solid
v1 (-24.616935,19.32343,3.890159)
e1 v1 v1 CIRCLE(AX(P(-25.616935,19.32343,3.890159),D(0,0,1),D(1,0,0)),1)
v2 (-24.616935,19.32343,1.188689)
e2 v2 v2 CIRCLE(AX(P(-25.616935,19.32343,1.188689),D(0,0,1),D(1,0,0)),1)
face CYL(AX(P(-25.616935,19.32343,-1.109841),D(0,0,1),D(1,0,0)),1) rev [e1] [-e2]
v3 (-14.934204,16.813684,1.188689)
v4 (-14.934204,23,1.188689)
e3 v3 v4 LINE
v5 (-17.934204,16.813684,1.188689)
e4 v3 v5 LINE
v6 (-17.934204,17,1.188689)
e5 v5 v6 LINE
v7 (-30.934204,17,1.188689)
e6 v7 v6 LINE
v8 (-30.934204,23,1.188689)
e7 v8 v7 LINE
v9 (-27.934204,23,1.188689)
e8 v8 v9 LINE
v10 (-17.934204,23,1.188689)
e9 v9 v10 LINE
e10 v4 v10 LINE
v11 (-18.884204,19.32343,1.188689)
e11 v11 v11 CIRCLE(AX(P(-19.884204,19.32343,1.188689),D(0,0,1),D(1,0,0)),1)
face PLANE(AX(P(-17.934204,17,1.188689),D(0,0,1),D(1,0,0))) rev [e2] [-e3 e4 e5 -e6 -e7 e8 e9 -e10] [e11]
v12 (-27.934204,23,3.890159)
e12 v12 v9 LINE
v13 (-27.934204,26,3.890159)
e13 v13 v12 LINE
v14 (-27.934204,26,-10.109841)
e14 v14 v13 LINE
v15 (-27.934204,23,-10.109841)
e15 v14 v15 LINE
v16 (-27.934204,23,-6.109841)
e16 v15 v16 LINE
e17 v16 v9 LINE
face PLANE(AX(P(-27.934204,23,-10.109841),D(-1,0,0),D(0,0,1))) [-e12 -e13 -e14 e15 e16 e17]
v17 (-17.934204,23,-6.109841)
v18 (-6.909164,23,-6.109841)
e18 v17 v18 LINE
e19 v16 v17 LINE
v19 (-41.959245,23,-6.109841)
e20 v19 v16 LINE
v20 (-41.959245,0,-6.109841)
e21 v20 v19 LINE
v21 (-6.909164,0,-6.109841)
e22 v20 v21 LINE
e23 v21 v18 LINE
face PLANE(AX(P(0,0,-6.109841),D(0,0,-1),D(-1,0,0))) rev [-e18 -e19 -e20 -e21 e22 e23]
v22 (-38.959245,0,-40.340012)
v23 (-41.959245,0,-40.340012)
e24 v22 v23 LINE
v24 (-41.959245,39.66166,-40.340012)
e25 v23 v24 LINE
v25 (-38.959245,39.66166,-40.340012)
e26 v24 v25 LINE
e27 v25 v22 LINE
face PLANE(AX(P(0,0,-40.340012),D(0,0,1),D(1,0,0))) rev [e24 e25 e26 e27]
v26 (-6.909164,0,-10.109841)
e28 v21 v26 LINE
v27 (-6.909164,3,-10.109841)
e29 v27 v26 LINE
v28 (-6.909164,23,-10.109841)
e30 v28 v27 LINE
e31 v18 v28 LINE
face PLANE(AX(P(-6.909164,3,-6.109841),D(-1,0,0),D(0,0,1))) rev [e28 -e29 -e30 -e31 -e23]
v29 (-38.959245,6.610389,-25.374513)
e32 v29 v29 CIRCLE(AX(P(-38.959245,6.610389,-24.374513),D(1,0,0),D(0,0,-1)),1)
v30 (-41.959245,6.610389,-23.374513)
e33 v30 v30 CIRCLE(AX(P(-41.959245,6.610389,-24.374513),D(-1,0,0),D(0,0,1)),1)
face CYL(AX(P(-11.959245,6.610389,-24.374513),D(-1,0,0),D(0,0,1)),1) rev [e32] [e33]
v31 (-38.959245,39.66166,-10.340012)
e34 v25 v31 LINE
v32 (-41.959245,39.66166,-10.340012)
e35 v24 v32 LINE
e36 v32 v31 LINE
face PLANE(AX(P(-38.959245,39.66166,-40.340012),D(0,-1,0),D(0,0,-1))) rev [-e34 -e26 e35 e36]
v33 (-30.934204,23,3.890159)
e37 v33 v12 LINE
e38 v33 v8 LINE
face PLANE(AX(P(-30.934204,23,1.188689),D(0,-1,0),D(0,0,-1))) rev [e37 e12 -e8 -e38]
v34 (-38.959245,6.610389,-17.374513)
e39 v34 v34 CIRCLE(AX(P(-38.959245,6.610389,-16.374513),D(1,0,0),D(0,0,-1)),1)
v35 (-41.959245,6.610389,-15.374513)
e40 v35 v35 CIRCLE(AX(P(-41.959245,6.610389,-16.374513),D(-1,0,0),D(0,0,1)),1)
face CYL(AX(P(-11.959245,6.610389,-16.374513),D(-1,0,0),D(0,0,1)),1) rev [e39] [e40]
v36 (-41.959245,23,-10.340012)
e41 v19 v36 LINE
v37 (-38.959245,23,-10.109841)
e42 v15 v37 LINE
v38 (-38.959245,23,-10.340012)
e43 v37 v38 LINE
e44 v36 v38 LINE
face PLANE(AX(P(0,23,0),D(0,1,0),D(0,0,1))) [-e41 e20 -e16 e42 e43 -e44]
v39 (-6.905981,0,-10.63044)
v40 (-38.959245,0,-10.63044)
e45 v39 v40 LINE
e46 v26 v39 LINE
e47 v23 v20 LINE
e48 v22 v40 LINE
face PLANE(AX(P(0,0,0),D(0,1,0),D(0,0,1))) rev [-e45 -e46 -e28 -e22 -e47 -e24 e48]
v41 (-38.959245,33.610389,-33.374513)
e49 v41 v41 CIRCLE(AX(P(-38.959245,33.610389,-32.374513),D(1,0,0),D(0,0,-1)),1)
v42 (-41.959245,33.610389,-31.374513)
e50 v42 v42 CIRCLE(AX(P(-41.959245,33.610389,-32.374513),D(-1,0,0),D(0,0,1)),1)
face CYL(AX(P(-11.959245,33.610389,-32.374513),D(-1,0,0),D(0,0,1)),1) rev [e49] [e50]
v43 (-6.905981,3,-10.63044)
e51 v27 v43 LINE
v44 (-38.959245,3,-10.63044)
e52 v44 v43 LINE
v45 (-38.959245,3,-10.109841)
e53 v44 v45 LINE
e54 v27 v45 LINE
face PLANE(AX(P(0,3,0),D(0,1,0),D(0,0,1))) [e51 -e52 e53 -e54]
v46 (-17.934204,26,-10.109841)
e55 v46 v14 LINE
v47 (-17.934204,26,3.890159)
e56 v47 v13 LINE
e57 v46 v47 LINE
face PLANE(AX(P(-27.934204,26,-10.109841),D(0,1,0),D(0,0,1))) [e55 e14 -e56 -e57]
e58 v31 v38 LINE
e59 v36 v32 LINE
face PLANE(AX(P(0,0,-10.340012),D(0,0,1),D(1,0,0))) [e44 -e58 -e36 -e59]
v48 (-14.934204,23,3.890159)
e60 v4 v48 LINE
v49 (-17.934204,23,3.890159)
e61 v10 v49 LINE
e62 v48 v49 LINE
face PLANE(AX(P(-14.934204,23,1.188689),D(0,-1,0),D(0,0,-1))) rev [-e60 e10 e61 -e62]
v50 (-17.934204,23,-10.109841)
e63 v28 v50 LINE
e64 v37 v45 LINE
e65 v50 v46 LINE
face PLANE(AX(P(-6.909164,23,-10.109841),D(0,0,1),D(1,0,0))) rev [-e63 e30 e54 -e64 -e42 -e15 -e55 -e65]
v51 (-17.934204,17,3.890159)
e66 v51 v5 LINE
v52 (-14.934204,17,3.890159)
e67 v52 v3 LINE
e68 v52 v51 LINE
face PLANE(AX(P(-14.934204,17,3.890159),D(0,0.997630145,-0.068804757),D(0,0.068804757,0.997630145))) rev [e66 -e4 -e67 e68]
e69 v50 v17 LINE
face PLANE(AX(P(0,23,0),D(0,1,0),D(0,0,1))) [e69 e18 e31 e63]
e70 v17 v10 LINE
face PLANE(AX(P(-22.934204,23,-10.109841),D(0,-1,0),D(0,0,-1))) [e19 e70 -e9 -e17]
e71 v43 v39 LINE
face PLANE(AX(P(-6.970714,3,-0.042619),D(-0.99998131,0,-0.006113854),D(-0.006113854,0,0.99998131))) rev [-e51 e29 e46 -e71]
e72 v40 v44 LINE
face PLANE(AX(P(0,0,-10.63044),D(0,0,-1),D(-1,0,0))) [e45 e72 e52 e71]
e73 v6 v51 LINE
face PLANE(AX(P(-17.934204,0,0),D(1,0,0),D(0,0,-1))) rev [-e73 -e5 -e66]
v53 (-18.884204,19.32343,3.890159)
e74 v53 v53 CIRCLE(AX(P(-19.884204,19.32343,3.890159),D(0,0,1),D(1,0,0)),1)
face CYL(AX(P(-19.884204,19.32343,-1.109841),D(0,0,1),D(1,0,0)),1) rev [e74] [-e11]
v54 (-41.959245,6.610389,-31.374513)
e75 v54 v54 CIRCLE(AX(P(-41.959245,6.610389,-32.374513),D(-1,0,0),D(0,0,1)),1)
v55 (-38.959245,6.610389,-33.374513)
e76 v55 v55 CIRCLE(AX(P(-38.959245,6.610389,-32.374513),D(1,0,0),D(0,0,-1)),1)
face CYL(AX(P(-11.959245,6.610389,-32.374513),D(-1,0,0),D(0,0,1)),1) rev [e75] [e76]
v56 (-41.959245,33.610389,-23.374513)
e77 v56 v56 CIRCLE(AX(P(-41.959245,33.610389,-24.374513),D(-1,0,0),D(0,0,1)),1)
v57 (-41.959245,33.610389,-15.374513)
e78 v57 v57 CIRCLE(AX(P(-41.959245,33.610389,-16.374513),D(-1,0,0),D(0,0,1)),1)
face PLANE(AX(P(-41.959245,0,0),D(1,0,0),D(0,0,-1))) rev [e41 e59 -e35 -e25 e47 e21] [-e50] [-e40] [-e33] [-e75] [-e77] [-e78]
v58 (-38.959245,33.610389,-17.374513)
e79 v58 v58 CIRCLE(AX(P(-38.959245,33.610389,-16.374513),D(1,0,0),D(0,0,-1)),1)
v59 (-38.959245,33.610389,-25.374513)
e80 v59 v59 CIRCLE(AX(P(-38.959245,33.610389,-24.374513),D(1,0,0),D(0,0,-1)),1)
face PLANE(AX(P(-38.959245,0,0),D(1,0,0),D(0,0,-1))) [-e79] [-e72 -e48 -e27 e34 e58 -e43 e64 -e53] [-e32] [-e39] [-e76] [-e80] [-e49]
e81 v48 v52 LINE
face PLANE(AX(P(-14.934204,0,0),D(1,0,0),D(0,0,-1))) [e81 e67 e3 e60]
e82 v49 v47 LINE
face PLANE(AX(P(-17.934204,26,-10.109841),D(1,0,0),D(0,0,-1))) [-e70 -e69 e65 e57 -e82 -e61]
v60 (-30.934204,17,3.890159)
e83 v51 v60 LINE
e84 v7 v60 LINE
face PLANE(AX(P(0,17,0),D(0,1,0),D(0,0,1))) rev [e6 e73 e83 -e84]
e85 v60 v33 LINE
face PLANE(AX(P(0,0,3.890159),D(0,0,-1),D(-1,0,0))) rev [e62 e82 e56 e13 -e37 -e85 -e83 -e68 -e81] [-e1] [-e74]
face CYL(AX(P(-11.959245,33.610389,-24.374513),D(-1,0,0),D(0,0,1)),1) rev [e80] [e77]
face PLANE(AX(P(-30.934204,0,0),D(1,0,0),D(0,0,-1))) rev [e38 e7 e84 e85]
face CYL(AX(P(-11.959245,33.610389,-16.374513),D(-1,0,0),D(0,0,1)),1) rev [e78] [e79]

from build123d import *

# Parameters (mm, degrees)
ESQUISSE1_R             = 1
BOSS_EXTRU_1_DEPTH      = 3
ESQUISSE2_W             = 32.050081832
ESQUISSE2_H             = 3
BOSS_EXTRU_2_DEPTH      = 4
ESQUISSE3_W             = 32.050081832
ESQUISSE3_H             = 4
BOSS_EXTRU_3_DEPTH      = 20
BOSS_EXTRU_4_DEPTH      = 10
BOSS_EXTRU_4_DEPTH_BACK = 4
ESQUISSE5_W             = 10
ESQUISSE5_H             = 2.701469748
BOSS_EXTRU_5_DEPTH      = 6
BOSS_EXTRU_6_DEPTH      = 3
ESQUISSE7_W             = 2.701469748
ESQUISSE7_H             = 6
BOSS_EXTRU_7_DEPTH      = 3
ESQUISSE8_R             = 1
ENL_V_MAT_EXTRU_1_DEPTH = 5
ESQUISSE9_W             = 32.395093649
ESQUISSE9_H             = 3
ENL_V_MAT_EXTRU_2_DEPTH = 24
ESQUISSE10_W            = 4.230170434
ESQUISSE10_H            = 23
BOSS_EXTRU_8_DEPTH      = 3
ESQUISSE11_W            = 3
ESQUISSE11_H            = 39.66165995
BOSS_EXTRU_9_DEPTH      = 30
ESQUISSE12_R            = 1
ENL_V_MAT_EXTRU_3_DEPTH = 30


with BuildPart() as part:
    # Esquisse1 → Boss.-Extru.1 (new body)
    with BuildSketch(Plane(origin=(0, 0, 0), x_dir=(1, 0, 0), z_dir=(0, 1, 0))):
        Polygon((-38.959245403, 34.630440358), (-6.759245403, 34.630440358), (-6.909163571, 10.109841365), (-38.959245403, 10.109841365), align=None)
        with Locations(Location((-36.509163571, 15.109841365, 0), (0, 0, 270))):
            Circle(ESQUISSE1_R, mode=Mode.SUBTRACT)
        with Locations(Location((-9.509163571, 15.109841365, 0), (0, 0, 270))):
            Circle(ESQUISSE1_R, mode=Mode.SUBTRACT)
        with Locations(Location((-36.509163571, 23.109841365, 0), (0, 0, 270))):
            Circle(ESQUISSE1_R, mode=Mode.SUBTRACT)
        with Locations(Location((-9.509163571, 23.109841365, 0), (0, 0, 270))):
            Circle(ESQUISSE1_R, mode=Mode.SUBTRACT)
        with Locations(Location((-36.509163571, 31.109841365, 0), (0, 0, 270))):
            Circle(ESQUISSE1_R, mode=Mode.SUBTRACT)
        with Locations(Location((-9.509163571, 31.109841365, 0), (0, 0, 270))):
            Circle(ESQUISSE1_R, mode=Mode.SUBTRACT)
    extrude(amount=BOSS_EXTRU_1_DEPTH)

    # Esquisse2 → Boss.-Extru.2 (add)
    with BuildSketch(Plane.XY.offset(-10.109841365)):
        with Locations((-22.934204487, 1.5)):
            Rectangle(ESQUISSE2_W, ESQUISSE2_H)
    extrude(amount=BOSS_EXTRU_2_DEPTH)

    # Esquisse3 → Boss.-Extru.3 (add)
    with BuildSketch(Plane(origin=(0, 3, 0), x_dir=(1, 0, 0), z_dir=(0, 1, 0))):
        with Locations((-22.934204487, 8.109841365)):
            Rectangle(ESQUISSE3_W, ESQUISSE3_H)
    extrude(amount=BOSS_EXTRU_3_DEPTH)

    # Esquisse4 → Boss.-Extru.4 (add, two sides: drawn at the far end of the back side and taken through both)
    with BuildSketch(Plane.XY.offset(-6.109841365).offset(-BOSS_EXTRU_4_DEPTH_BACK)):
        Polygon((-22.934204487, 23), (-17.934204487, 23), (-17.934204487, 26), (-27.934204487, 26), (-27.934204487, 23), align=None)
    extrude(amount=BOSS_EXTRU_4_DEPTH + BOSS_EXTRU_4_DEPTH_BACK)

    # Esquisse5 → Boss.-Extru.5 (add)
    with BuildSketch(Plane.XZ.offset(-23)):
        with Locations((-22.934204487, 2.539423761)):
            Rectangle(ESQUISSE5_W, ESQUISSE5_H)
    extrude(amount=BOSS_EXTRU_5_DEPTH)

    # Esquisse6 → Boss.-Extru.6 (add)
    with BuildSketch(Plane(origin=(-17.934204487, 0, 0), x_dir=(0, 0, -1), z_dir=(1, 0, 0))):
        Polygon((-1.188688887, 23), (-3.890158635, 23), (-3.890158635, 17), (-1.188688887, 16.813684491), align=None)
    extrude(amount=BOSS_EXTRU_6_DEPTH)

    # Esquisse7 → Boss.-Extru.7 (add)
    with BuildSketch(Plane.ZY.offset(27.934204487)):
        with Locations((2.539423761, 20)):
            Rectangle(ESQUISSE7_W, ESQUISSE7_H)
    extrude(amount=BOSS_EXTRU_7_DEPTH)

    # Esquisse8 → Enlèv. mat.-Extru.1 (cut)
    with BuildSketch(Plane.XY.offset(3.890158635)):
        with Locations((-25.616934949, 19.323429725)):
            Circle(ESQUISSE8_R)
        with Locations((-19.884204487, 19.323429725)):
            Circle(ESQUISSE8_R)
    extrude(amount=-ENL_V_MAT_EXTRU_1_DEPTH, mode=Mode.SUBTRACT)

    # Esquisse9 → Enlèv. mat.-Extru.2 (cut)
    with BuildSketch(Plane(origin=(0, 0, -34.630440358), x_dir=(-1, 0, 0), z_dir=(0, 0, -1))):
        with Locations((22.956792228, 1.5)):
            Rectangle(ESQUISSE9_W, ESQUISSE9_H)
    extrude(amount=-ENL_V_MAT_EXTRU_2_DEPTH, mode=Mode.SUBTRACT)

    # Esquisse10 → Boss.-Extru.8 (add)
    with BuildSketch(Plane.ZY.offset(38.959245403)):
        with Locations((-8.224926582, 11.5)):
            Rectangle(ESQUISSE10_W, ESQUISSE10_H)
    extrude(amount=BOSS_EXTRU_8_DEPTH)

    # Esquisse11 → Boss.-Extru.9 (add)
    with BuildSketch(Plane(origin=(0, 0, -10.340011799), x_dir=(-1, 0, 0), z_dir=(0, 0, -1))):
        with Locations((40.459245403, 19.830829975)):
            Rectangle(ESQUISSE11_W, ESQUISSE11_H)
    extrude(amount=BOSS_EXTRU_9_DEPTH)

    # Esquisse12 → Enlèv. mat.-Extru.3 (cut)
    with BuildSketch(Plane(origin=(-41.959245403, -0.142686019, -42.326053617), x_dir=(0, -1, 0), z_dir=(-1, 0, 0))):
        with Locations(Location((-33.753075005, 25.951540398, 0), (0, 0, 90))):
            Circle(ESQUISSE12_R)
        with Locations(Location((-33.753075005, 17.951540398, 0), (0, 0, 90))):
            Circle(ESQUISSE12_R)
        with Locations(Location((-6.753075005, 25.951540398, 0), (0, 0, 90))):
            Circle(ESQUISSE12_R)
        with Locations(Location((-6.753075005, 17.951540398, 0), (0, 0, 90))):
            Circle(ESQUISSE12_R)
        with Locations(Location((-6.753075005, 9.951540398, 0), (0, 0, 90))):
            Circle(ESQUISSE12_R)
        with Locations(Location((-33.753075005, 9.951540398, 0), (0, 0, 90))):
            Circle(ESQUISSE12_R)
    extrude(amount=-ENL_V_MAT_EXTRU_3_DEPTH, mode=Mode.SUBTRACT)


solid = part.part
